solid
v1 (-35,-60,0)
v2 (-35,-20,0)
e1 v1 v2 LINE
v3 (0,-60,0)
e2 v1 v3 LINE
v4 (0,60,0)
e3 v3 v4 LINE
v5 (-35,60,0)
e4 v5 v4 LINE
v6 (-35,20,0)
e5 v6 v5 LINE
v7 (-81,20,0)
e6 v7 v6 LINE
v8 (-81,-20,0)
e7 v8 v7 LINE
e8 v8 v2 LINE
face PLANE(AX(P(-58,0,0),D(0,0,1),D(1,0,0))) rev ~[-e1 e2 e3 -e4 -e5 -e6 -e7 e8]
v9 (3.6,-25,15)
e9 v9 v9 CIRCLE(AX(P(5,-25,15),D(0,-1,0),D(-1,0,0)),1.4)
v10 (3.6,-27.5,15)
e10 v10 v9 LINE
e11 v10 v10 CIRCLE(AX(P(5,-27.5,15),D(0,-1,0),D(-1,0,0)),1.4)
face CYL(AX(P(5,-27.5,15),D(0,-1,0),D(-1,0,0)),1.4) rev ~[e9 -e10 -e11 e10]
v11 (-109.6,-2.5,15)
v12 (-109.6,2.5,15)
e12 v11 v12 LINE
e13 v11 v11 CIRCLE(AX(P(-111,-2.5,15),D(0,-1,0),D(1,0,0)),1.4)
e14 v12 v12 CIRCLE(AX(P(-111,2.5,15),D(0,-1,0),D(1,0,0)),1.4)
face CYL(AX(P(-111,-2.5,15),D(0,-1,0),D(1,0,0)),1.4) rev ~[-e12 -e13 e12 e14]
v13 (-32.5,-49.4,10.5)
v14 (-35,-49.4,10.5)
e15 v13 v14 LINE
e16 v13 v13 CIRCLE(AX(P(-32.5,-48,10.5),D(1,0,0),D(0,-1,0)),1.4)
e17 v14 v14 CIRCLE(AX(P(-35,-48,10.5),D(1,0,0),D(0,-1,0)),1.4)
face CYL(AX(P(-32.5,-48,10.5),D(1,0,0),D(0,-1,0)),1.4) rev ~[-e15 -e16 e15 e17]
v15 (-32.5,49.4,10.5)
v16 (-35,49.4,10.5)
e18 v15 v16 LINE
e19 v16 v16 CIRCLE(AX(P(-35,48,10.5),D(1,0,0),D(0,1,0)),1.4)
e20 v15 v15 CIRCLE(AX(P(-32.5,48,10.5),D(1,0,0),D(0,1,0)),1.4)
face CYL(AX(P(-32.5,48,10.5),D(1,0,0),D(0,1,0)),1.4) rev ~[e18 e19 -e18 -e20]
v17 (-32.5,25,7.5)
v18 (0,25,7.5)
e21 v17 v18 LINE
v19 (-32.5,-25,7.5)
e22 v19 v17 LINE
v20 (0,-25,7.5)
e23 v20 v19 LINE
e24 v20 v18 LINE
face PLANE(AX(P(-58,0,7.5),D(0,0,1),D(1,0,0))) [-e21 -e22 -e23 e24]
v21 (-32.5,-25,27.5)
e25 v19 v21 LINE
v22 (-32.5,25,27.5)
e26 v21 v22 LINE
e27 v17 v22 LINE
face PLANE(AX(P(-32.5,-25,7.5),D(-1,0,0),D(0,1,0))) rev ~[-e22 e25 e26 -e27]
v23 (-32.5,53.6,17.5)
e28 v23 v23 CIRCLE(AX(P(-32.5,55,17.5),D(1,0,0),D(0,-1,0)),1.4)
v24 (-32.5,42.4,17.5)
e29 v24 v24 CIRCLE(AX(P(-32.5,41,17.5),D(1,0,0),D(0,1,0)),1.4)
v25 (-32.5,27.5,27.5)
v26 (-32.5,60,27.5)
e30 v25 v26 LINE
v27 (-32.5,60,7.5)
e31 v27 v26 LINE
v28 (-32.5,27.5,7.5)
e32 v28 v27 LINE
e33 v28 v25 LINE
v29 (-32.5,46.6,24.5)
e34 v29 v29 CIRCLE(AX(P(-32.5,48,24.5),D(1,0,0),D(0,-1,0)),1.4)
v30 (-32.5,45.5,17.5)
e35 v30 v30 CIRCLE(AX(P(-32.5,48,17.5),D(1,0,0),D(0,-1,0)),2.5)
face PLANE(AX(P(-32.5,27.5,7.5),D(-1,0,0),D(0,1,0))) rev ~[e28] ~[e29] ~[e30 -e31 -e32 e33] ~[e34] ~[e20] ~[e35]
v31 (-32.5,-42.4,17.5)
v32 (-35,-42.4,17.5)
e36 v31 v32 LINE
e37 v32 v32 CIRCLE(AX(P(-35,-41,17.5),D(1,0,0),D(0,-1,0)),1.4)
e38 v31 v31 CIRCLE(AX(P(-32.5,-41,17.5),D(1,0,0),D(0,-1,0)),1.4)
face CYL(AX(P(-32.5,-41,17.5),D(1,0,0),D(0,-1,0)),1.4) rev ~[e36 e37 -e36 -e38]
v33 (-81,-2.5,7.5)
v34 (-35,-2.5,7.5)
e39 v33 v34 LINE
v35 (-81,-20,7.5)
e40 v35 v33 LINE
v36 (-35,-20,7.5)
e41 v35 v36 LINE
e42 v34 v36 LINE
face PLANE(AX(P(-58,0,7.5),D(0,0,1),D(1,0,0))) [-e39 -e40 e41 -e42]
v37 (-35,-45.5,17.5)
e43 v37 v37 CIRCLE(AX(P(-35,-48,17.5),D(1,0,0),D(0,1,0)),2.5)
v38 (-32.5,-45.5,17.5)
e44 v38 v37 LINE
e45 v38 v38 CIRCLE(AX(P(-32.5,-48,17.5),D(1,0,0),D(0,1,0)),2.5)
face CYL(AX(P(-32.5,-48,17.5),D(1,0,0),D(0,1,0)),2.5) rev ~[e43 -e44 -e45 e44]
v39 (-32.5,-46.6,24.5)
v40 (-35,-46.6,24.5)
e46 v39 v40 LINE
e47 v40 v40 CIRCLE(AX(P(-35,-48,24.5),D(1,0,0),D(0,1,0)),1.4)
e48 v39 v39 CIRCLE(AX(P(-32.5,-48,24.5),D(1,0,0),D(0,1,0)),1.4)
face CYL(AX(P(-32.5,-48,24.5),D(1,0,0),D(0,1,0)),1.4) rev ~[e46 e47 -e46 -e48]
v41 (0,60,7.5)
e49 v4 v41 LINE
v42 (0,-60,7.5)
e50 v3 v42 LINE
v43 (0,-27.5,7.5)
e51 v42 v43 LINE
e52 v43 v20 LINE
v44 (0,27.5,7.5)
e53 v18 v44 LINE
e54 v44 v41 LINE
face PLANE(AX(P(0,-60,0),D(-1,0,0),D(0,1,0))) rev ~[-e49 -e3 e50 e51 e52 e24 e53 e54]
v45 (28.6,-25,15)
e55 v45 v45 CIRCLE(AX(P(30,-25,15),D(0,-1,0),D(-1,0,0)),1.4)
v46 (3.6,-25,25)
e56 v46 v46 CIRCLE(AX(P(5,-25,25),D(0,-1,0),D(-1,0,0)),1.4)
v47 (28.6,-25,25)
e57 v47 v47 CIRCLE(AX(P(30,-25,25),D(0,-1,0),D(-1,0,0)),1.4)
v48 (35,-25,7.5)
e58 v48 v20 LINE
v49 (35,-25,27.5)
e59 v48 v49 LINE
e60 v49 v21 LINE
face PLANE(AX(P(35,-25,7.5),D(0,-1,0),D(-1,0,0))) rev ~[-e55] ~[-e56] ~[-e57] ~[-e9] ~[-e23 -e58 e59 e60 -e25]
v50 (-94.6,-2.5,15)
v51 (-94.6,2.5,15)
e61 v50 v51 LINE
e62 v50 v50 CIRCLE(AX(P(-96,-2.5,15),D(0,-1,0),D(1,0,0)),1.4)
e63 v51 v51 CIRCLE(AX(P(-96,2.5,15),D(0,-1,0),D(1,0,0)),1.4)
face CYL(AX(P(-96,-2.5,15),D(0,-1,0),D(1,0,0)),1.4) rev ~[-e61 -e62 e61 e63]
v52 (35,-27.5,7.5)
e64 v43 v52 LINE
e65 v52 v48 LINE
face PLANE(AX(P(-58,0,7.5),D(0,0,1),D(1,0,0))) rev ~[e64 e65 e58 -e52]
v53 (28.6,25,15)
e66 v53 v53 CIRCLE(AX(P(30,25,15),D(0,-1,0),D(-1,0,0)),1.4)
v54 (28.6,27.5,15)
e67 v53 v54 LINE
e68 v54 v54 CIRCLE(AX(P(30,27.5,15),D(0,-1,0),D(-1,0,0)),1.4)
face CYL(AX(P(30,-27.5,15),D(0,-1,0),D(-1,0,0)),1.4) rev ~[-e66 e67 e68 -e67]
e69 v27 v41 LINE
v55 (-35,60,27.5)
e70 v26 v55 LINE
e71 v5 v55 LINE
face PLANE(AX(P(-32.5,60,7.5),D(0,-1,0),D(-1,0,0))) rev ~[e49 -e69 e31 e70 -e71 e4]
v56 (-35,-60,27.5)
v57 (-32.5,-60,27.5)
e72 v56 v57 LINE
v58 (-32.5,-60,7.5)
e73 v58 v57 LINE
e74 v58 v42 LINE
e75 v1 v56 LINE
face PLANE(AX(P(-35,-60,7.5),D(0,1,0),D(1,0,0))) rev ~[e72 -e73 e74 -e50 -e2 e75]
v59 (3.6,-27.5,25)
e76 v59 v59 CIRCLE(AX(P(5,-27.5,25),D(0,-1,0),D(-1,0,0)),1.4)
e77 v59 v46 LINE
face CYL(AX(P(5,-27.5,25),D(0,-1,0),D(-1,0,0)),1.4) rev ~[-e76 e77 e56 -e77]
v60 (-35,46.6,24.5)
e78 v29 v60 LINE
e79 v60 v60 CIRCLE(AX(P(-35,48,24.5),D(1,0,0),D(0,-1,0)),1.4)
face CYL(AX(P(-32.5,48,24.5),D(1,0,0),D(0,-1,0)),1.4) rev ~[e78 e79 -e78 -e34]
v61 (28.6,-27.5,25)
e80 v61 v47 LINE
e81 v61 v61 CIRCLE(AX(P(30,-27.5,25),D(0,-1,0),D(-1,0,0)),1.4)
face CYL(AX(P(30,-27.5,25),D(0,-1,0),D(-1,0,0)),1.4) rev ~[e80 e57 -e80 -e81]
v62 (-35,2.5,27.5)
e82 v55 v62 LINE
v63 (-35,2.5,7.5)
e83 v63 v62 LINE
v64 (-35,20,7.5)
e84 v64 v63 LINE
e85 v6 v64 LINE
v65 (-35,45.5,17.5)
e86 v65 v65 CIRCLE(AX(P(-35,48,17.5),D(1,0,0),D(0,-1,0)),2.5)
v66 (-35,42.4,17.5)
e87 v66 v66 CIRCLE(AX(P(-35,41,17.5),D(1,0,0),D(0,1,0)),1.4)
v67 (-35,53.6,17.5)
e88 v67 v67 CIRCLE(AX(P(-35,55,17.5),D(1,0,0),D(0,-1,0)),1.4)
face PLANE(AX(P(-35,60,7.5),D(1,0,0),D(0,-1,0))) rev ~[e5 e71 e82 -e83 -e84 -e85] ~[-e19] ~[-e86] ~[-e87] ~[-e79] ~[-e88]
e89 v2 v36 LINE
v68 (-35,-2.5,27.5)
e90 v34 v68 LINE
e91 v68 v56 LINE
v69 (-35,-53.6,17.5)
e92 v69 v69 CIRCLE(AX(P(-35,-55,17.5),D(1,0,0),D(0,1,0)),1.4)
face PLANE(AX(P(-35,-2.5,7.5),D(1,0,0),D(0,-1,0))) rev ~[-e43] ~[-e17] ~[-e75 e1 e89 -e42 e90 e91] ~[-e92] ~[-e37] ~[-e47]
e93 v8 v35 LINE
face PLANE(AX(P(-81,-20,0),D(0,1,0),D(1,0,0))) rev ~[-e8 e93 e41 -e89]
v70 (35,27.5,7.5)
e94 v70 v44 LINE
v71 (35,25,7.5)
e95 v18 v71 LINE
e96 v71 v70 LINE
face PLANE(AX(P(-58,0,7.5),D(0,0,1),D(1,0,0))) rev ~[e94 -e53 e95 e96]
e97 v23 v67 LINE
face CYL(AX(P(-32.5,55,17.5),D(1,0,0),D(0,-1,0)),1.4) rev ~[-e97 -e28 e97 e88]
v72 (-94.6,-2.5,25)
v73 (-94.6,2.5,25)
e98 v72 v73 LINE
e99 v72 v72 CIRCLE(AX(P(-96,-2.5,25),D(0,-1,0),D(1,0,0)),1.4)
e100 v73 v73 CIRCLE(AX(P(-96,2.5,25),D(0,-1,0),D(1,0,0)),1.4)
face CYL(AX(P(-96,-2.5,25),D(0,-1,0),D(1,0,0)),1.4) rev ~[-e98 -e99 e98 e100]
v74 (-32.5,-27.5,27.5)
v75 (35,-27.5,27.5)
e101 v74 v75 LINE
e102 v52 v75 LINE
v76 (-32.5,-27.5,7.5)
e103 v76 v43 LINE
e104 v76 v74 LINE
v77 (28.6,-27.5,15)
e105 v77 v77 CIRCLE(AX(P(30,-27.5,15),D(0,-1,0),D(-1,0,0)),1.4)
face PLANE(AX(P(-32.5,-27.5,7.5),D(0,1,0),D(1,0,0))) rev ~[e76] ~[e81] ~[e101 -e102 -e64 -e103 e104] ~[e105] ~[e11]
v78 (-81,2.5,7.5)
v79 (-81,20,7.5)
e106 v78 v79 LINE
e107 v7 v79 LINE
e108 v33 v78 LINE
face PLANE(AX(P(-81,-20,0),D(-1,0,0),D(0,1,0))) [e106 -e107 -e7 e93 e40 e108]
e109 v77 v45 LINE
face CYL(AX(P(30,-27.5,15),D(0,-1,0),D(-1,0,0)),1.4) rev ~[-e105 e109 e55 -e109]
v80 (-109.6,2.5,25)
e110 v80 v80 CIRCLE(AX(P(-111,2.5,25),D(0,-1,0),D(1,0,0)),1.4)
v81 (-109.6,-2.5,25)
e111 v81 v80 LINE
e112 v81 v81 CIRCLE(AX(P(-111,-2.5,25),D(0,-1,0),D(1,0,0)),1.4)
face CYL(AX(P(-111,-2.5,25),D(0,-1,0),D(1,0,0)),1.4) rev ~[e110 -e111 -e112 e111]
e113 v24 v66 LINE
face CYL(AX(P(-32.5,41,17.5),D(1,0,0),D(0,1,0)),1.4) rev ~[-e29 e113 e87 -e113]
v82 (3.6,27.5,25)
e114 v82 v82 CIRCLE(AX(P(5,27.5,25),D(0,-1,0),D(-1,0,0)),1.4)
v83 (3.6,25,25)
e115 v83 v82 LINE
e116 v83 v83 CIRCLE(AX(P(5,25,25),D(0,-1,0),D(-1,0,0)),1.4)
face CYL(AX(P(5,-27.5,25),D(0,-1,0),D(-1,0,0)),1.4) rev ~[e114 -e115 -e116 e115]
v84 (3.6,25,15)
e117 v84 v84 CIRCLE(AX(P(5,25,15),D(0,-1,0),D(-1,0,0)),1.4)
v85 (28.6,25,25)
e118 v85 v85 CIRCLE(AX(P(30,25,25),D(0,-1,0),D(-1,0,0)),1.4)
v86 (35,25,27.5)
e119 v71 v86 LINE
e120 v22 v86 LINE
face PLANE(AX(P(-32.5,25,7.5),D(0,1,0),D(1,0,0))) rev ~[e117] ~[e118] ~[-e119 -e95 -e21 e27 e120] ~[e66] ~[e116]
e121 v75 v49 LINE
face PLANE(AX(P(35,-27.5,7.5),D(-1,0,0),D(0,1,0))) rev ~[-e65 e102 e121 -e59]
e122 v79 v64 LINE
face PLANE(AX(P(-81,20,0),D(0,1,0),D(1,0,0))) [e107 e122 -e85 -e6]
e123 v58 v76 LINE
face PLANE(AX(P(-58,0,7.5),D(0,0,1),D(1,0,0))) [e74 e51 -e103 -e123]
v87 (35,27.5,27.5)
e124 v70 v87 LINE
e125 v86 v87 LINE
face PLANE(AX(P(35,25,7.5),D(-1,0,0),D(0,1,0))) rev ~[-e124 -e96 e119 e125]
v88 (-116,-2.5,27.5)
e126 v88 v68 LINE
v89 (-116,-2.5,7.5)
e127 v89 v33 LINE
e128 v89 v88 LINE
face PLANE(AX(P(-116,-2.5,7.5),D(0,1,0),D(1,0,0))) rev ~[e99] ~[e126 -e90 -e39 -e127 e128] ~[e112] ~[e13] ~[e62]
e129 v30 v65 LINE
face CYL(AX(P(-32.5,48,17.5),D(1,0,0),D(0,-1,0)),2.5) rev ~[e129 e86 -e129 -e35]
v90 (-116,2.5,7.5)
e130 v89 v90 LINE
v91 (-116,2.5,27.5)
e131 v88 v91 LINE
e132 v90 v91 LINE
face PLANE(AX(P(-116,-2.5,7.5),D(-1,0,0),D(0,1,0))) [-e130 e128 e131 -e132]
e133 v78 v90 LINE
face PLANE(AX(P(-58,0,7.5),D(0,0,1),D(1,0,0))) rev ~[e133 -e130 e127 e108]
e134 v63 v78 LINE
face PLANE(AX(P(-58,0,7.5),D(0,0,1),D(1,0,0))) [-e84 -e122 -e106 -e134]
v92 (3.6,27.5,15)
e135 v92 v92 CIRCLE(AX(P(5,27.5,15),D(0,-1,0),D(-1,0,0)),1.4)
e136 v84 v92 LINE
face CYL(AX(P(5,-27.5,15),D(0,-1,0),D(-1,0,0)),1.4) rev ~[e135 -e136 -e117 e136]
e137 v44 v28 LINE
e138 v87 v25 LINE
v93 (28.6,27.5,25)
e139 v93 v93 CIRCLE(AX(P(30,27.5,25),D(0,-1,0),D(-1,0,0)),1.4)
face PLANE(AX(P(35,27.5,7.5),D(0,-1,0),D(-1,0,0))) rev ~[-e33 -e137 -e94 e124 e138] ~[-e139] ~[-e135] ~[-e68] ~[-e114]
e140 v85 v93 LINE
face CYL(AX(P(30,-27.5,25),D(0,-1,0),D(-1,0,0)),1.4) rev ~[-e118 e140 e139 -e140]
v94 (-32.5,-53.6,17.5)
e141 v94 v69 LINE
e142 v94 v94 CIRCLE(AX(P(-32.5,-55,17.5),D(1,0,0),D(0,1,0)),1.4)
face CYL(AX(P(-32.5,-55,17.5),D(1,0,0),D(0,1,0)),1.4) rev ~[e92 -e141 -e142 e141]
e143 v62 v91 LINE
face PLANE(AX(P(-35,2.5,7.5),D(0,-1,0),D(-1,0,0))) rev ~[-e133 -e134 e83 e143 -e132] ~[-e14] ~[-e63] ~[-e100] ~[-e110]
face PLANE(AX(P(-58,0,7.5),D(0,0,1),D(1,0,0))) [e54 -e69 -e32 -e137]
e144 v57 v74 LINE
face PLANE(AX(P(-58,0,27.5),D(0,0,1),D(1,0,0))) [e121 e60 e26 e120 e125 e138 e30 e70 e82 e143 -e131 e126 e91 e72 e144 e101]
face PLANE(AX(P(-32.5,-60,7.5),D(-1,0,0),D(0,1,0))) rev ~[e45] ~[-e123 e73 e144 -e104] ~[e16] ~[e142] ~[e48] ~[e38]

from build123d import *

# Parameters (mm, degrees)
SKETCH1_W           = 46
SKETCH1_H           = 40
SKETCH1_W_2         = 35
SKETCH1_H_2         = 120
BOSS_EXTRUDE2_DEPTH = 7.5
SKETCH2_W           = 46
SKETCH2_H           = 5
SKETCH2_W_2         = 32.5
SKETCH2_H_2         = 2.5
SKETCH2_W_3         = 35
BOSS_EXTRUDE3_DEPTH = 20
SKETCH3_R           = 1.4
CUT_EXTRUDE1_DEPTH  = 60
SKETCH4_R           = 1.4
CUT_EXTRUDE2_DEPTH  = 6
SKETCH6_R           = 1.4
SKETCH6_R_2         = 2.5
CUT_EXTRUDE3_DEPTH  = 2.5


with BuildPart() as part:
    # Sketch1 → Boss-Extrude2 (new body)
    with BuildSketch(Plane.XY):
        with Locations((-58, 0)):
            Rectangle(SKETCH1_W, SKETCH1_H)
        with Locations((-17.5, 0)):
            Rectangle(SKETCH1_W_2, SKETCH1_H_2)
    extrude(amount=BOSS_EXTRUDE2_DEPTH)

    # Sketch2 → Boss-Extrude3 (add)
    with BuildSketch(Plane.XY.offset(7.5)):
        with Locations((-58, 0)):
            Rectangle(SKETCH2_W, SKETCH2_H)
        Polygon((-32.5, 60), (-35, 60), (-35, 20), (-35, 2.5), (-35, -2.5), (-35, -20), (-35, -60), (-32.5, -60), (-32.5, -27.5), (-32.5, -25), (-32.5, 25), (-32.5, 27.5), align=None)
        with Locations((-16.25, 26.25)):
            Rectangle(SKETCH2_W_2, SKETCH2_H_2)
        with Locations((17.5, 26.25)):
            Rectangle(SKETCH2_W_3, SKETCH2_H_2)
        with Locations((17.5, -26.25)):
            Rectangle(SKETCH2_W_3, SKETCH2_H_2)
        with Locations((-16.25, -26.25)):
            Rectangle(SKETCH2_W_2, SKETCH2_H_2)
        with Locations((-98.5, 0)):
            Rectangle(SKETCH2_W_3, SKETCH2_H)
    extrude(amount=BOSS_EXTRUDE3_DEPTH)

    # Sketch3 → Cut-Extrude1 (cut)
    with BuildSketch(Plane.XZ.offset(27.5)):
        with Locations(Location((30, 25, 0), (0, 0, 180))):
            Circle(SKETCH3_R)
        with Locations(Location((30, 15, 0), (0, 0, 180))):
            Circle(SKETCH3_R)
        with Locations(Location((5, 25, 0), (0, 0, 180))):
            Circle(SKETCH3_R)
        with Locations(Location((5, 15, 0), (0, 0, 180))):
            Circle(SKETCH3_R)
    extrude(amount=-CUT_EXTRUDE1_DEPTH, mode=Mode.SUBTRACT)

    # Sketch4 → Cut-Extrude2 (cut)
    with BuildSketch(Plane.XZ.offset(2.5)):
        with Locations((-111, 25)):
            Circle(SKETCH4_R)
        with Locations((-96, 25)):
            Circle(SKETCH4_R)
        with Locations((-96, 15)):
            Circle(SKETCH4_R)
        with Locations((-111, 15)):
            Circle(SKETCH4_R)
    extrude(amount=-CUT_EXTRUDE2_DEPTH, mode=Mode.SUBTRACT)

    # Sketch6 → Cut-Extrude3 (cut)
    with BuildSketch(Plane(origin=(-32.5, 0, 0), x_dir=(0, 0, -1), z_dir=(1, 0, 0))):
        with Locations(Location((-24.5, -48, 0), (0, 0, 90))):
            Circle(SKETCH6_R)
        with Locations(Location((-17.5, -48, 0), (0, 0, 90))):
            Circle(SKETCH6_R_2)
        with Locations(Location((-17.5, -55, 0), (0, 0, 90))):
            Circle(SKETCH6_R)
        with Locations(Location((-17.5, -41, 0), (0, 0, 270))):
            Circle(SKETCH6_R)
        with Locations(Location((-10.5, -48, 0), (0, 0, 270))):
            Circle(SKETCH6_R)
        with Locations(Location((-10.5, 48, 0), (0, 0, 90))):
            Circle(SKETCH6_R)
        with Locations(Location((-17.5, 41, 0), (0, 0, 90))):
            Circle(SKETCH6_R)
        with Locations(Location((-17.5, 55, 0), (0, 0, 270))):
            Circle(SKETCH6_R)
        with Locations(Location((-17.5, 48, 0), (0, 0, 270))):
            Circle(SKETCH6_R_2)
        with Locations(Location((-24.5, 48, 0), (0, 0, 270))):
            Circle(SKETCH6_R)
    extrude(amount=-CUT_EXTRUDE3_DEPTH, mode=Mode.SUBTRACT)


solid = part.part
